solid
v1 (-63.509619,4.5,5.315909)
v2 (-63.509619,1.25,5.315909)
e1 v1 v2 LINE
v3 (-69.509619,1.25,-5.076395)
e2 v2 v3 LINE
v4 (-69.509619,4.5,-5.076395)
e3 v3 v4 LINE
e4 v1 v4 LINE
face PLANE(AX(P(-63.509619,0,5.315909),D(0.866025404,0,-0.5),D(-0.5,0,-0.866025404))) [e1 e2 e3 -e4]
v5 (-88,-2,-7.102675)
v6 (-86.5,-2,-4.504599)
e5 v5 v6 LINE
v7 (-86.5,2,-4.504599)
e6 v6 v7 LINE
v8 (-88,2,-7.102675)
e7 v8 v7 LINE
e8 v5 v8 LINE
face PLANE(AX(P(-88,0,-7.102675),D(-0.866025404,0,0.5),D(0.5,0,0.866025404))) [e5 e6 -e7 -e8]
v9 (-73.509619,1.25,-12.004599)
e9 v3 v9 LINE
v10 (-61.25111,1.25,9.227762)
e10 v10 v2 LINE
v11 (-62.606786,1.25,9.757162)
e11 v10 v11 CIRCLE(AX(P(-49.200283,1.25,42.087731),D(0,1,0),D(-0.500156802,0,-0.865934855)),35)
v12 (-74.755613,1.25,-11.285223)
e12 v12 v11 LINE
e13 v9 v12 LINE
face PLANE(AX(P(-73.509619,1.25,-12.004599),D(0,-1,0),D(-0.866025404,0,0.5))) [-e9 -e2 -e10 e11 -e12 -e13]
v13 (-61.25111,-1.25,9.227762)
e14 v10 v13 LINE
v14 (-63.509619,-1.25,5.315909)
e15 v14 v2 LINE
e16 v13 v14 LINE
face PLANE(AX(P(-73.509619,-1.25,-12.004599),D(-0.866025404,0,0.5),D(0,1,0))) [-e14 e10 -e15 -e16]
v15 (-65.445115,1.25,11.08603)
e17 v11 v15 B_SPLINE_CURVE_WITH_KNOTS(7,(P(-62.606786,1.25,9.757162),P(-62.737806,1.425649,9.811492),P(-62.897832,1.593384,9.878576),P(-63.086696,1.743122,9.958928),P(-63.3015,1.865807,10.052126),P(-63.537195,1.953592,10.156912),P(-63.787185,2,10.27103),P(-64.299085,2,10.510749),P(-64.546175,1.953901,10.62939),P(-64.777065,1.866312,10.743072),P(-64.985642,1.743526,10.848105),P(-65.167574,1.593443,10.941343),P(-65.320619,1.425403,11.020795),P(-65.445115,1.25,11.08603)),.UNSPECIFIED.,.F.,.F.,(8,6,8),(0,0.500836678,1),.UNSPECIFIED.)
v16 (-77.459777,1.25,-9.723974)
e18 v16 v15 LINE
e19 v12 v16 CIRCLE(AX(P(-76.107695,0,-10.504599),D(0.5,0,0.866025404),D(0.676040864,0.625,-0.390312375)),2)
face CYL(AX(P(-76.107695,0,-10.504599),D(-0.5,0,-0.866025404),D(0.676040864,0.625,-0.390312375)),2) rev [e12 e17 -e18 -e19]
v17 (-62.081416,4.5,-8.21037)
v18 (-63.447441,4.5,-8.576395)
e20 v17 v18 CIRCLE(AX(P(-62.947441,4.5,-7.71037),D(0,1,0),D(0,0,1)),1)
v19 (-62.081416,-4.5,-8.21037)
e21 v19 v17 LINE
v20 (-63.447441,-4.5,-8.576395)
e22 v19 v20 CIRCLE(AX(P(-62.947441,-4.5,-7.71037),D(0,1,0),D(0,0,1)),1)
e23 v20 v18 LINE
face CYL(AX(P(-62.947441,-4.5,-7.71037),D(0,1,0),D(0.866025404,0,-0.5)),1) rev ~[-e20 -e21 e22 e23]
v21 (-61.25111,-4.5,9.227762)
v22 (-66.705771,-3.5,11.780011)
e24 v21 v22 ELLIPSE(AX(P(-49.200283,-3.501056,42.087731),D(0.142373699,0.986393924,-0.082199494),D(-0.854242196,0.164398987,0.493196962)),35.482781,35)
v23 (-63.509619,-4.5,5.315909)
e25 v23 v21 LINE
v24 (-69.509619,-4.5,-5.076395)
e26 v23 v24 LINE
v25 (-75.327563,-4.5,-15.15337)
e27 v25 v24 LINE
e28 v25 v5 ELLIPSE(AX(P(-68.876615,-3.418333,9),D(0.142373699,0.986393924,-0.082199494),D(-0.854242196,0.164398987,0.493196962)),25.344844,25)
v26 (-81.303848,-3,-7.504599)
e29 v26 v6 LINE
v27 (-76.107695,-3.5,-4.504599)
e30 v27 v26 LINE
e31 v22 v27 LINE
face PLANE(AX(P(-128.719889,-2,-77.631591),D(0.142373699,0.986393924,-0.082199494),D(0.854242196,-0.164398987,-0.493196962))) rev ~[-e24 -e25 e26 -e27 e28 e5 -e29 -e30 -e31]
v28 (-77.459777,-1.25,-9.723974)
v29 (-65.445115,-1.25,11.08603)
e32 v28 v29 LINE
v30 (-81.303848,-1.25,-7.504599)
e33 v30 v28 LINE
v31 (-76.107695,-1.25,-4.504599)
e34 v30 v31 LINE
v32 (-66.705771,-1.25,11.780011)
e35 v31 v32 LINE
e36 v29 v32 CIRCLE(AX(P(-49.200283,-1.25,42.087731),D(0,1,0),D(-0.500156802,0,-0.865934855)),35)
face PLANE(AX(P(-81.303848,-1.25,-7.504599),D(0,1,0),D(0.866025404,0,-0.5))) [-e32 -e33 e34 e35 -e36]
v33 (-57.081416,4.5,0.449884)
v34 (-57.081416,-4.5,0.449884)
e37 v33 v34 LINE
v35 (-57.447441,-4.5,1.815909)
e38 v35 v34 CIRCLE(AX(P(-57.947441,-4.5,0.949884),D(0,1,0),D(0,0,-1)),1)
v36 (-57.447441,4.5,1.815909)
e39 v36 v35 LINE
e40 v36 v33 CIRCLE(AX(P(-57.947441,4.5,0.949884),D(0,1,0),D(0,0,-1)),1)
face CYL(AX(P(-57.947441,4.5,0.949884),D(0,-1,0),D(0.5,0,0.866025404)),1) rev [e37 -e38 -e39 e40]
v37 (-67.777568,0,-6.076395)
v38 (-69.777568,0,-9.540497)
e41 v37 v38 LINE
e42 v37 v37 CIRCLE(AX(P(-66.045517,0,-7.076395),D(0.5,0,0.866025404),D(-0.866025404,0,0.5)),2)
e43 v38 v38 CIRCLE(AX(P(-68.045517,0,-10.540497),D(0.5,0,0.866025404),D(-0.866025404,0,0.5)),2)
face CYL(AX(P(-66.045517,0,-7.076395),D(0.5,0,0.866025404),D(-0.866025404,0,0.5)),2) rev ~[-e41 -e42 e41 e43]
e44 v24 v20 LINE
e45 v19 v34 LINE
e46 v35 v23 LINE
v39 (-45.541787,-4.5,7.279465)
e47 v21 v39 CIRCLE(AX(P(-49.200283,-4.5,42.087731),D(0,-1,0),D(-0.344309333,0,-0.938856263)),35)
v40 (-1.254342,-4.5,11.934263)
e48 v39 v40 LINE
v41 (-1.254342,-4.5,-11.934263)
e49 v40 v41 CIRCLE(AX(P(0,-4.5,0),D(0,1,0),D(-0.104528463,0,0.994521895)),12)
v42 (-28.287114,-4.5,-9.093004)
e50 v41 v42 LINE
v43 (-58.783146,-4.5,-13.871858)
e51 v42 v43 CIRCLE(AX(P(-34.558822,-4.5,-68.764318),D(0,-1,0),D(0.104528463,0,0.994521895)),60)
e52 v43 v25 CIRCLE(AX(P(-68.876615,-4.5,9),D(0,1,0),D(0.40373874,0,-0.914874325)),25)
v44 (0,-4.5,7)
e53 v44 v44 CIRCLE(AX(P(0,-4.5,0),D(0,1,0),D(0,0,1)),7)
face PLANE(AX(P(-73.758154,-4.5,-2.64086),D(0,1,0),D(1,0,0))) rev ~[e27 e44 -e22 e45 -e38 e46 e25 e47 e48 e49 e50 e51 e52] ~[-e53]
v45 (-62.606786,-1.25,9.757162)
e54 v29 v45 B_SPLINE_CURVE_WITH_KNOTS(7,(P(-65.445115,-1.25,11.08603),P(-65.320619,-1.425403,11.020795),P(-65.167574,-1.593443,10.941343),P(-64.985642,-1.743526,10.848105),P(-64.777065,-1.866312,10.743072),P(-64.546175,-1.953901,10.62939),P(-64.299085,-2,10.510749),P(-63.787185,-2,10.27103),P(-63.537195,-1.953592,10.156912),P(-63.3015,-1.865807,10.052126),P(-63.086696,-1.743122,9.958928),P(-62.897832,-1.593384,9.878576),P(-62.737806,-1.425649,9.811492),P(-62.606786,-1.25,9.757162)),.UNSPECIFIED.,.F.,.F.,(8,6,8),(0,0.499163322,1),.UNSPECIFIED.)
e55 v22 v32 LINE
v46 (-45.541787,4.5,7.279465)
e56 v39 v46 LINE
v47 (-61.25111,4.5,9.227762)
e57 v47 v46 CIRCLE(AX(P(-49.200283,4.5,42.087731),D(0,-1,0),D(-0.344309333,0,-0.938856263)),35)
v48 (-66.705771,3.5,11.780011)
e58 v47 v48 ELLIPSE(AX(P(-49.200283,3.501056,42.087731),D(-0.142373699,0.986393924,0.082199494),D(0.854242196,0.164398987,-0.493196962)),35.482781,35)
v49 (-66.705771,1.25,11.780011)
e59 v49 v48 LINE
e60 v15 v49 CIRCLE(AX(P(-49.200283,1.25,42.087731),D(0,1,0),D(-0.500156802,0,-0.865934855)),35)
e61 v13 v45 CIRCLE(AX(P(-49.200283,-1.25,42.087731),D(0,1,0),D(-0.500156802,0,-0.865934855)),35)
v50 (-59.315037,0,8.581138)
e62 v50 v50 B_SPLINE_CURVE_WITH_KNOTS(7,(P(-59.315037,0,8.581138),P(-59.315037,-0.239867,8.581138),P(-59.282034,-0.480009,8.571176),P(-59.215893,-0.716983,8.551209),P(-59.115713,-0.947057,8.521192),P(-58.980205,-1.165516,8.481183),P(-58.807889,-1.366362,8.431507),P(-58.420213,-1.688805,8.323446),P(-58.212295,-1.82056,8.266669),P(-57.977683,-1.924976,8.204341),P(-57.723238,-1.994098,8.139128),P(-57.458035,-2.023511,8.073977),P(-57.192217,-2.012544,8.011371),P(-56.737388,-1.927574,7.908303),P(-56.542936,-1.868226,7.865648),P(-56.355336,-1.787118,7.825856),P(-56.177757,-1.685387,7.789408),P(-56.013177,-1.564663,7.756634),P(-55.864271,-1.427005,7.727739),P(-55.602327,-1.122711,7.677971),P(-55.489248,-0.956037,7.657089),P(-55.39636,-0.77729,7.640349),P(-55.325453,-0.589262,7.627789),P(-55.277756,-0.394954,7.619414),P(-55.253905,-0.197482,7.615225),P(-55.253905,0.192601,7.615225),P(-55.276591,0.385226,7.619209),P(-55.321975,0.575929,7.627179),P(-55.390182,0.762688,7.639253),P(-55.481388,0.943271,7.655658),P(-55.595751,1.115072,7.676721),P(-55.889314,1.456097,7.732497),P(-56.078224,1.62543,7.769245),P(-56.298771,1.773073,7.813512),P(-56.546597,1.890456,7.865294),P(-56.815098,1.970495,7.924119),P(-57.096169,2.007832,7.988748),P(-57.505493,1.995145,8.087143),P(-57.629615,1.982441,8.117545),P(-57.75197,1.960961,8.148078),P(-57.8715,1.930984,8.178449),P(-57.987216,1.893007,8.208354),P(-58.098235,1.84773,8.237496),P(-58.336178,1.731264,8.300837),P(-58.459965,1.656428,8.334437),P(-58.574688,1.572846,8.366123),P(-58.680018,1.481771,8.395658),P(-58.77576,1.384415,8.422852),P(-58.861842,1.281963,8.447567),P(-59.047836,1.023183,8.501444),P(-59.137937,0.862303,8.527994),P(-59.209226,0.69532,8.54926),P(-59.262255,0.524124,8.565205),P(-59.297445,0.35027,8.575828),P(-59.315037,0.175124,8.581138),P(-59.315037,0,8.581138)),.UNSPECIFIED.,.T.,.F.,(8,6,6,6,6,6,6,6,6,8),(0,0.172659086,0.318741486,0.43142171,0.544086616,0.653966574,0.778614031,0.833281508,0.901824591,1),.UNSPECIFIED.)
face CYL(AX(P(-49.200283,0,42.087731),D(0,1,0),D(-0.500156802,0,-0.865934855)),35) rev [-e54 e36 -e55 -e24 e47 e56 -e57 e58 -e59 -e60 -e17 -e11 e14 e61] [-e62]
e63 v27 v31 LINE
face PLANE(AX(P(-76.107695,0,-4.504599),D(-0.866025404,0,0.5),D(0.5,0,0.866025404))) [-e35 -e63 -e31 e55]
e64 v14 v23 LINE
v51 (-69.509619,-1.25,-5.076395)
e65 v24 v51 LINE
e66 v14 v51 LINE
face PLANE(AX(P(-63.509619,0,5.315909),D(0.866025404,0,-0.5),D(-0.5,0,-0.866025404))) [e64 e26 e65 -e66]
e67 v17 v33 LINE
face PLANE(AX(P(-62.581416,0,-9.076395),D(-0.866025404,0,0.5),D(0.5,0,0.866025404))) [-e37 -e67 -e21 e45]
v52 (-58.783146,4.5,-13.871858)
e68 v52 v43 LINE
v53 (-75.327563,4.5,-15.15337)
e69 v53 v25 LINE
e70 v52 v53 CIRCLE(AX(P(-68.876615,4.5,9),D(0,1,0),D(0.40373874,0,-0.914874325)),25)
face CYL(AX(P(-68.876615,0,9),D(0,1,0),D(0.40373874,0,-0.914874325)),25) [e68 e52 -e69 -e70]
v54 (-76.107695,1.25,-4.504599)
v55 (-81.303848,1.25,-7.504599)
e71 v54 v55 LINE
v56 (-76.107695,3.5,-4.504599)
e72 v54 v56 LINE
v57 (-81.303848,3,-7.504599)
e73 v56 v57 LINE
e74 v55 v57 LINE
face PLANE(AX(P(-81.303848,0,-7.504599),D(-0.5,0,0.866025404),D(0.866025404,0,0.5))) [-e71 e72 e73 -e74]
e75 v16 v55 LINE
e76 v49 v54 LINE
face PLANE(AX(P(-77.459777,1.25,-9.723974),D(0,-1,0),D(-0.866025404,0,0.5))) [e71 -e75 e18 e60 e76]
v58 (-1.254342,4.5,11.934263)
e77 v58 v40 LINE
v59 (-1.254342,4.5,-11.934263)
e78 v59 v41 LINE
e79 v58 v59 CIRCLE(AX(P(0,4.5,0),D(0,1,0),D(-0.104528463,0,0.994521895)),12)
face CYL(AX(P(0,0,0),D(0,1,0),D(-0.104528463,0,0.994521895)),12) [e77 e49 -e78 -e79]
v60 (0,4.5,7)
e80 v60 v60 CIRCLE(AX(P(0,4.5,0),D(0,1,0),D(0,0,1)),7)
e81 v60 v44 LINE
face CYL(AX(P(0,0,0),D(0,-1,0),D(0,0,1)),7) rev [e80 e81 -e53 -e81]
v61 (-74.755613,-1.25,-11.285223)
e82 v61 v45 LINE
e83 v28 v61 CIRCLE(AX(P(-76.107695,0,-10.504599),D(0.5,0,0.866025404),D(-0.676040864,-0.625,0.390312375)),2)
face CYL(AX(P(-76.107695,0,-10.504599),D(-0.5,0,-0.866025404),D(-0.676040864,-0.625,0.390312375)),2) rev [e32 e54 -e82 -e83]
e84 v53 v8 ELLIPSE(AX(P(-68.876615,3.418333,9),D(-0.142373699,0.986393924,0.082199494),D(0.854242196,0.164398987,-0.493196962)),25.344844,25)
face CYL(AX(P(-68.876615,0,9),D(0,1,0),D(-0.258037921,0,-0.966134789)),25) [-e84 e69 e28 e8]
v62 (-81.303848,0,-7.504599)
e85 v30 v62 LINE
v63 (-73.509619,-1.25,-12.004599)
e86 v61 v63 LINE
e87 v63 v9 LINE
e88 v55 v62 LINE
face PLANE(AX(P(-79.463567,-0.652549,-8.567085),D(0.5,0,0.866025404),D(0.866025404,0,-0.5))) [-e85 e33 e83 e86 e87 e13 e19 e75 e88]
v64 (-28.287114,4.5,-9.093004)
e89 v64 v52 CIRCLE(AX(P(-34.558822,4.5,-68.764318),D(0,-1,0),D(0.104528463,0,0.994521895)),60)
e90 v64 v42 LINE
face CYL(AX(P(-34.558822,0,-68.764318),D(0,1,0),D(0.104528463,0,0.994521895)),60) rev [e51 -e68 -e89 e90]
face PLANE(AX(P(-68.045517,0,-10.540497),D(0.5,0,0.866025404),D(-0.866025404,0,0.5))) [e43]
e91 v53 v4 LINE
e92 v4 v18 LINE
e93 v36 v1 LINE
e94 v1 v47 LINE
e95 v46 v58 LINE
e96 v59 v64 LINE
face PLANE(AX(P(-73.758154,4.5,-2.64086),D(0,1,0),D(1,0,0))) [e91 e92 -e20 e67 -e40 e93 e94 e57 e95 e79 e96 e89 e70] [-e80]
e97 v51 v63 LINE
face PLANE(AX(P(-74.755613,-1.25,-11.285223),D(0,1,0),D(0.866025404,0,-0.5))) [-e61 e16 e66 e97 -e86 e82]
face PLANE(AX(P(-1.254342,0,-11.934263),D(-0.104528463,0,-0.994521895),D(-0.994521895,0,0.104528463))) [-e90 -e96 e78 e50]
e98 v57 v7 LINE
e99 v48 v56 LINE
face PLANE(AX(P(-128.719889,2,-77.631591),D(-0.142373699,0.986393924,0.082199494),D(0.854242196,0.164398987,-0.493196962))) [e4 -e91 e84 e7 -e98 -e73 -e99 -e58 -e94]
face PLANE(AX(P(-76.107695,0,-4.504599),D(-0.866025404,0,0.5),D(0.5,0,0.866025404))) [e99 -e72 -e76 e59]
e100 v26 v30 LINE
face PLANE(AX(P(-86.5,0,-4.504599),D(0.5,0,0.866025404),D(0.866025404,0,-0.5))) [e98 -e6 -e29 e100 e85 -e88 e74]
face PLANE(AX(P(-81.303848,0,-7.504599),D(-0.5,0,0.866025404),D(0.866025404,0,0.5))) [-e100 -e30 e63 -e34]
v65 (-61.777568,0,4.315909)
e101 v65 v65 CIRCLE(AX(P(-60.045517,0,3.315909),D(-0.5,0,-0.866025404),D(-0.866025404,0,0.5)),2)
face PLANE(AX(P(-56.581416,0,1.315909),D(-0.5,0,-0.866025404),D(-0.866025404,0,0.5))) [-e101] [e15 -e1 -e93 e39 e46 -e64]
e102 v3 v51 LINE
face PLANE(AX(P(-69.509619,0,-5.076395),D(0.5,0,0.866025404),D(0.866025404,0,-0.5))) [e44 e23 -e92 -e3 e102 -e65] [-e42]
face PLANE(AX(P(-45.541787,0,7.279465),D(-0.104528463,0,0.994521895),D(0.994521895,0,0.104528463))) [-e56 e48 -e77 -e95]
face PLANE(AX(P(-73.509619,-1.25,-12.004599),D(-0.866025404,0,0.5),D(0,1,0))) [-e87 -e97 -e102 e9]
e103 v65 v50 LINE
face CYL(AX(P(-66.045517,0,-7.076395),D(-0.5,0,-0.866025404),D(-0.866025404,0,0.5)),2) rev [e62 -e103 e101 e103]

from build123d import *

# Parameters (mm, degrees)
SKETCH1_R                           = 7
BOSS_EXTRUDE1_DEPTH                 = 4.5
SKETCH2_R                           = 2
CUT_EXTRUDE1_DEPTH                  = 4
CUT_EXTRUDE1_DIRECTION_2_REACH      = 84.52
CUT_EXTRUDE1_DIRECTION_2_END_RADIUS = 35
CUT_EXTRUDE2_REACH                  = 85.44
CUT_EXTRUDE3_DEPTH                  = 84.439778024
CUT_EXTRUDE3_DEPTH_BACK             = 84.439778024
FILLET1_R                           = 1


with BuildPart() as part:
    # Sketch1 → Boss-Extrude1 (new, symmetric)
    # profile 1 of 2: a face of its own
    with BuildSketch(Plane(origin=(0, 0, 0), x_dir=(1, 0, 0), z_dir=(0, 1, 0))):
        with BuildLine():
            Line((-1.254341559, 11.934262744), (-28.287114055, 9.093003864))
            ThreePointArc((-28.287114055, 9.093003864), (-43.847711602, 9.487707298), (-58.78314626, 13.871858114))
            ThreePointArc((-58.78314626, 13.871858114), (-66.945926578, 15.925337372), (-75.327562788, 15.153369736))
            Line((-75.327562788, 15.153369736), (-69.509618943, 5.076395401))
            Line((-69.509618943, 5.076395401), (-62.581415713, 9.076395401))
            Line((-62.581415713, 9.076395401), (-56.581415713, -1.315909444))
            Line((-56.581415713, -1.315909444), (-63.509618943, -5.315909444))
            Line((-63.509618943, -5.315909444), (-61.251109949, -9.227761772))
            ThreePointArc((-61.251109949, -9.227761772), (-53.508040015, -7.353839298), (-45.541787079, -7.279464651))
            Line((-45.541787079, -7.279464651), (-1.254341559, -11.934262744))
            ThreePointArc((-1.254341559, -11.934262744), (12, 0), (-1.254341559, 11.934262744))
        make_face()
        with Locations(Location((0, 0, 0), (0, 0, 270))):
            Circle(SKETCH1_R, mode=Mode.SUBTRACT)
    # profile 2 of 2: a face of its own
    with BuildSketch(Plane(origin=(0, 0, 0), x_dir=(1, 0, 0), z_dir=(0, 1, 0))):
        with BuildLine():
            Line((-69.509618943, 5.076395401), (-75.327562788, 15.153369736))
            ThreePointArc((-75.327562788, 15.153369736), (-82.282399056, 12.101775932), (-88, 7.102674843))
            Line((-88, 7.102674843), (-86.5, 4.504598631))
            Line((-86.5, 4.504598631), (-81.303847577, 7.504598631))
            Line((-81.303847577, 7.504598631), (-76.107695155, 4.504598631))
            Line((-76.107695155, 4.504598631), (-66.705771366, -11.78001106))
            ThreePointArc((-66.705771366, -11.78001106), (-64.033436336, -10.386349776), (-61.251109949, -9.227761772))
            Line((-61.251109949, -9.227761772), (-63.509618943, -5.315909444))
            Line((-63.509618943, -5.315909444), (-69.509618943, 5.076395401))
        make_face()
    extrude(amount=BOSS_EXTRUDE1_DEPTH, both=True)

    # Sketch2 → Cut-Extrude1 (cut)
    with BuildSketch(Plane(origin=(-19.575548424, 0, -33.905844457), x_dir=(0.8660254037844372, 0, -0.5000000000000027), z_dir=(0.5000000000000027, 0, 0.8660254037844372))):
        with Locations(Location((-53.658898112, 0, 0), (0, 0, 180))):
            Circle(SKETCH2_R)
    extrude(amount=-CUT_EXTRUDE1_DEPTH, mode=Mode.SUBTRACT)

    # Cut-Extrude1 direction 2: up to this cylinder (the profile starts outside it)
    cut_extrude1_direction_2_end = Plane(origin=(-49.200283293, 0, 42.087730989), z_dir=(0, -1, 0)) * Cylinder(CUT_EXTRUDE1_DIRECTION_2_END_RADIUS, 240.04, mode=Mode.PRIVATE)
    # Sketch2 → Cut-Extrude1 direction 2 (cut, up to the surface)
    with BuildSketch(Plane(origin=(-19.575548424, 0, -33.905844457), x_dir=(0.8660254037844372, 0, -0.5000000000000027), z_dir=(0.5000000000000027, 0, 0.8660254037844372)), mode=Mode.PRIVATE) as cut_extrude1_direction_2_sk1:
        with Locations(Location((-53.658898112, 0, 0), (0, 0, 180))):
            Circle(SKETCH2_R)
    cut_extrude1_direction_2_tool1 = extrude(cut_extrude1_direction_2_sk1.sketch, amount=CUT_EXTRUDE1_DIRECTION_2_REACH, mode=Mode.PRIVATE) - cut_extrude1_direction_2_end
    add(cut_extrude1_direction_2_tool1.solids().sort_by_distance((-66.045517, 0, -7.076395))[0], mode=Mode.SUBTRACT)

    # Sketch3 → Cut-Extrude2 (cut, up to next)
    with BuildSketch(Plane(origin=(-23.575548424, 0, -40.834047687), x_dir=(0.8660254037844374, 0, -0.5000000000000023), z_dir=(0.5000000000000023, 0, 0.8660254037844374)), mode=Mode.PRIVATE) as cut_extrude2_sk1:
        with BuildLine():
            ThreePointArc((-62.220147611, 1.25), (-62.546025426, 0.662382443), (-62.658898112, 0))
            Line((-62.658898112, 0), (-58.658898112, 0))
            ThreePointArc((-58.658898112, 0), (-58.771770798, 0.662382443), (-59.097648612, 1.25))
            ThreePointArc((-59.097648612, 1.25), (-60.658898112, 2), (-62.220147611, 1.25))
        make_face()
    cut_extrude2_tool1 = extrude(cut_extrude2_sk1.sketch, amount=CUT_EXTRUDE2_REACH, mode=Mode.PRIVATE) & part.part
    # Sketch3 → Cut-Extrude2 (cut, up to next)
    with BuildSketch(Plane(origin=(-23.575548424, 0, -40.834047687), x_dir=(0.8660254037844374, 0, -0.5000000000000023), z_dir=(0.5000000000000023, 0, 0.8660254037844374)), mode=Mode.PRIVATE) as cut_extrude2_sk2:
        with BuildLine():
            Line((-58.658898112, 0), (-62.658898112, 0))
            ThreePointArc((-62.658898112, 0), (-62.546025426, -0.662382443), (-62.220147611, -1.25))
            ThreePointArc((-62.220147611, -1.25), (-60.658898112, -2), (-59.097648612, -1.25))
            ThreePointArc((-59.097648612, -1.25), (-58.771770798, -0.662382443), (-58.658898112, 0))
        make_face()
    cut_extrude2_tool2 = extrude(cut_extrude2_sk2.sketch, amount=CUT_EXTRUDE2_REACH, mode=Mode.PRIVATE) & part.part
    # Sketch3 → Cut-Extrude2 (cut, up to next)
    with BuildSketch(Plane(origin=(-23.575548424, 0, -40.834047687), x_dir=(0.8660254037844374, 0, -0.5000000000000023), z_dir=(0.5000000000000023, 0, 0.8660254037844374)), mode=Mode.PRIVATE) as cut_extrude2_sk3:
        with BuildLine():
            ThreePointArc((-62.220147611, 1.25), (-62.546025426, 0.662382443), (-62.658898112, 0))
            Line((-62.658898112, 0), (-58.658898112, 0))
            ThreePointArc((-58.658898112, 0), (-58.771770798, 0.662382443), (-59.097648612, 1.25))
            ThreePointArc((-59.097648612, 1.25), (-60.658898112, 2), (-62.220147611, 1.25))
        make_face()
    cut_extrude2_tool3 = extrude(cut_extrude2_sk3.sketch, amount=CUT_EXTRUDE2_REACH, mode=Mode.PRIVATE) & part.part
    # Sketch3 → Cut-Extrude2 (cut, up to next)
    with BuildSketch(Plane(origin=(-23.575548424, 0, -40.834047687), x_dir=(0.8660254037844374, 0, -0.5000000000000023), z_dir=(0.5000000000000023, 0, 0.8660254037844374)), mode=Mode.PRIVATE) as cut_extrude2_sk4:
        with BuildLine():
            Line((-58.658898112, 0), (-62.658898112, 0))
            ThreePointArc((-62.658898112, 0), (-62.546025426, -0.662382443), (-62.220147611, -1.25))
            ThreePointArc((-62.220147611, -1.25), (-60.658898112, -2), (-59.097648612, -1.25))
            ThreePointArc((-59.097648612, -1.25), (-58.771770798, -0.662382443), (-58.658898112, 0))
        make_face()
    cut_extrude2_tool4 = extrude(cut_extrude2_sk4.sketch, amount=CUT_EXTRUDE2_REACH, mode=Mode.PRIVATE) & part.part
    # Sketch3 → Cut-Extrude2 (cut, up to next)
    with BuildSketch(Plane(origin=(-23.575548424, 0, -40.834047687), x_dir=(0.8660254037844374, 0, -0.5000000000000023), z_dir=(0.5000000000000023, 0, 0.8660254037844374)), mode=Mode.PRIVATE) as cut_extrude2_sk5:
        with BuildLine():
            Line((-66.658898112, 1.25), (-66.658898112, 0))
            Line((-66.658898112, 0), (-62.658898112, 0))
            ThreePointArc((-62.658898112, 0), (-62.546025426, 0.662382443), (-62.220147611, 1.25))
            Line((-62.220147611, 1.25), (-66.658898112, 1.25))
        make_face()
    cut_extrude2_tool5 = extrude(cut_extrude2_sk5.sketch, amount=CUT_EXTRUDE2_REACH, mode=Mode.PRIVATE) & part.part
    # Sketch3 → Cut-Extrude2 (cut, up to next)
    with BuildSketch(Plane(origin=(-23.575548424, 0, -40.834047687), x_dir=(0.8660254037844374, 0, -0.5000000000000023), z_dir=(0.5000000000000023, 0, 0.8660254037844374)), mode=Mode.PRIVATE) as cut_extrude2_sk6:
        with BuildLine():
            Line((-62.658898112, 0), (-66.658898112, 0))
            Line((-66.658898112, 0), (-66.658898112, -1.25))
            Line((-66.658898112, -1.25), (-62.220147611, -1.25))
            ThreePointArc((-62.220147611, -1.25), (-62.546025426, -0.662382443), (-62.658898112, 0))
        make_face()
    cut_extrude2_tool6 = extrude(cut_extrude2_sk6.sketch, amount=CUT_EXTRUDE2_REACH, mode=Mode.PRIVATE) & part.part
    # Sketch3 → Cut-Extrude2 (cut, up to next)
    with BuildSketch(Plane(origin=(-23.575548424, 0, -40.834047687), x_dir=(0.8660254037844374, 0, -0.5000000000000023), z_dir=(0.5000000000000023, 0, 0.8660254037844374)), mode=Mode.PRIVATE) as cut_extrude2_sk7:
        with BuildLine():
            ThreePointArc((-59.097648612, 1.25), (-58.771770798, 0.662382443), (-58.658898112, 0))
            Line((-58.658898112, 0), (-57.658898112, 0))
            Line((-57.658898112, 0), (-57.658898112, 1.25))
            Line((-57.658898112, 1.25), (-59.097648612, 1.25))
        make_face()
    cut_extrude2_tool7 = extrude(cut_extrude2_sk7.sketch, amount=CUT_EXTRUDE2_REACH, mode=Mode.PRIVATE) & part.part
    # Sketch3 → Cut-Extrude2 (cut, up to next)
    with BuildSketch(Plane(origin=(-23.575548424, 0, -40.834047687), x_dir=(0.8660254037844374, 0, -0.5000000000000023), z_dir=(0.5000000000000023, 0, 0.8660254037844374)), mode=Mode.PRIVATE) as cut_extrude2_sk8:
        with BuildLine():
            Line((-57.658898112, 0), (-58.658898112, 0))
            ThreePointArc((-58.658898112, 0), (-58.771770798, -0.662382443), (-59.097648612, -1.25))
            Line((-59.097648612, -1.25), (-57.658898112, -1.25))
            Line((-57.658898112, -1.25), (-57.658898112, 0))
        make_face()
    cut_extrude2_tool8 = extrude(cut_extrude2_sk8.sketch, amount=CUT_EXTRUDE2_REACH, mode=Mode.PRIVATE) & part.part
    add(cut_extrude2_tool1.solids().sort_by_distance((-76.107695, 0.848826, -10.504599))[0], mode=Mode.SUBTRACT)
    add(cut_extrude2_tool2.solids().sort_by_distance((-76.107695, -0.848826, -10.504599))[0], mode=Mode.SUBTRACT)
    add(cut_extrude2_tool3.solids().sort_by_distance((-76.107695, 0.848826, -10.504599))[0], mode=Mode.SUBTRACT)
    add(cut_extrude2_tool4.solids().sort_by_distance((-76.107695, -0.848826, -10.504599))[0], mode=Mode.SUBTRACT)
    add(cut_extrude2_tool5.solids().sort_by_distance((-79.509815, 0.635751, -8.540384))[0], mode=Mode.SUBTRACT)
    add(cut_extrude2_tool6.solids().sort_by_distance((-79.509815, -0.635751, -8.540384))[0], mode=Mode.SUBTRACT)
    add(cut_extrude2_tool7.solids().sort_by_distance((-74.009148, 0.664064, -11.716195))[0], mode=Mode.SUBTRACT)
    add(cut_extrude2_tool8.solids().sort_by_distance((-74.009148, -0.664064, -11.716195))[0], mode=Mode.SUBTRACT)

    # Sketch4 → Cut-Extrude3 (cut, two sides: drawn at the far end of the back side and taken through both)
    with BuildSketch(Plane(origin=(-23.575548424, 0, -40.834047687), x_dir=(0.8660254037844374, 0, -0.5000000000000023), z_dir=(0.5000000000000023, 0, 0.8660254037844374)).offset(-CUT_EXTRUDE3_DEPTH_BACK)):
        Polygon((-57.658898112, 4.5), (-72.658898112, 4.5), (-72.658898112, 2), align=None)
        Polygon((-57.658898112, -4.5), (-72.658898112, -4.5), (-72.658898112, -2), align=None)
    extrude(amount=CUT_EXTRUDE3_DEPTH + CUT_EXTRUDE3_DEPTH_BACK, mode=Mode.SUBTRACT)

    # Fillet1
    fillet1_edges = [part.edges().sort_by_distance(p)[0] for p in [
        (-56.581415713, 0, 1.315909444),
        (-62.581415713, 0, -9.076395401),
    ]]
    fillet(fillet1_edges, radius=FILLET1_R)


solid = part.part
